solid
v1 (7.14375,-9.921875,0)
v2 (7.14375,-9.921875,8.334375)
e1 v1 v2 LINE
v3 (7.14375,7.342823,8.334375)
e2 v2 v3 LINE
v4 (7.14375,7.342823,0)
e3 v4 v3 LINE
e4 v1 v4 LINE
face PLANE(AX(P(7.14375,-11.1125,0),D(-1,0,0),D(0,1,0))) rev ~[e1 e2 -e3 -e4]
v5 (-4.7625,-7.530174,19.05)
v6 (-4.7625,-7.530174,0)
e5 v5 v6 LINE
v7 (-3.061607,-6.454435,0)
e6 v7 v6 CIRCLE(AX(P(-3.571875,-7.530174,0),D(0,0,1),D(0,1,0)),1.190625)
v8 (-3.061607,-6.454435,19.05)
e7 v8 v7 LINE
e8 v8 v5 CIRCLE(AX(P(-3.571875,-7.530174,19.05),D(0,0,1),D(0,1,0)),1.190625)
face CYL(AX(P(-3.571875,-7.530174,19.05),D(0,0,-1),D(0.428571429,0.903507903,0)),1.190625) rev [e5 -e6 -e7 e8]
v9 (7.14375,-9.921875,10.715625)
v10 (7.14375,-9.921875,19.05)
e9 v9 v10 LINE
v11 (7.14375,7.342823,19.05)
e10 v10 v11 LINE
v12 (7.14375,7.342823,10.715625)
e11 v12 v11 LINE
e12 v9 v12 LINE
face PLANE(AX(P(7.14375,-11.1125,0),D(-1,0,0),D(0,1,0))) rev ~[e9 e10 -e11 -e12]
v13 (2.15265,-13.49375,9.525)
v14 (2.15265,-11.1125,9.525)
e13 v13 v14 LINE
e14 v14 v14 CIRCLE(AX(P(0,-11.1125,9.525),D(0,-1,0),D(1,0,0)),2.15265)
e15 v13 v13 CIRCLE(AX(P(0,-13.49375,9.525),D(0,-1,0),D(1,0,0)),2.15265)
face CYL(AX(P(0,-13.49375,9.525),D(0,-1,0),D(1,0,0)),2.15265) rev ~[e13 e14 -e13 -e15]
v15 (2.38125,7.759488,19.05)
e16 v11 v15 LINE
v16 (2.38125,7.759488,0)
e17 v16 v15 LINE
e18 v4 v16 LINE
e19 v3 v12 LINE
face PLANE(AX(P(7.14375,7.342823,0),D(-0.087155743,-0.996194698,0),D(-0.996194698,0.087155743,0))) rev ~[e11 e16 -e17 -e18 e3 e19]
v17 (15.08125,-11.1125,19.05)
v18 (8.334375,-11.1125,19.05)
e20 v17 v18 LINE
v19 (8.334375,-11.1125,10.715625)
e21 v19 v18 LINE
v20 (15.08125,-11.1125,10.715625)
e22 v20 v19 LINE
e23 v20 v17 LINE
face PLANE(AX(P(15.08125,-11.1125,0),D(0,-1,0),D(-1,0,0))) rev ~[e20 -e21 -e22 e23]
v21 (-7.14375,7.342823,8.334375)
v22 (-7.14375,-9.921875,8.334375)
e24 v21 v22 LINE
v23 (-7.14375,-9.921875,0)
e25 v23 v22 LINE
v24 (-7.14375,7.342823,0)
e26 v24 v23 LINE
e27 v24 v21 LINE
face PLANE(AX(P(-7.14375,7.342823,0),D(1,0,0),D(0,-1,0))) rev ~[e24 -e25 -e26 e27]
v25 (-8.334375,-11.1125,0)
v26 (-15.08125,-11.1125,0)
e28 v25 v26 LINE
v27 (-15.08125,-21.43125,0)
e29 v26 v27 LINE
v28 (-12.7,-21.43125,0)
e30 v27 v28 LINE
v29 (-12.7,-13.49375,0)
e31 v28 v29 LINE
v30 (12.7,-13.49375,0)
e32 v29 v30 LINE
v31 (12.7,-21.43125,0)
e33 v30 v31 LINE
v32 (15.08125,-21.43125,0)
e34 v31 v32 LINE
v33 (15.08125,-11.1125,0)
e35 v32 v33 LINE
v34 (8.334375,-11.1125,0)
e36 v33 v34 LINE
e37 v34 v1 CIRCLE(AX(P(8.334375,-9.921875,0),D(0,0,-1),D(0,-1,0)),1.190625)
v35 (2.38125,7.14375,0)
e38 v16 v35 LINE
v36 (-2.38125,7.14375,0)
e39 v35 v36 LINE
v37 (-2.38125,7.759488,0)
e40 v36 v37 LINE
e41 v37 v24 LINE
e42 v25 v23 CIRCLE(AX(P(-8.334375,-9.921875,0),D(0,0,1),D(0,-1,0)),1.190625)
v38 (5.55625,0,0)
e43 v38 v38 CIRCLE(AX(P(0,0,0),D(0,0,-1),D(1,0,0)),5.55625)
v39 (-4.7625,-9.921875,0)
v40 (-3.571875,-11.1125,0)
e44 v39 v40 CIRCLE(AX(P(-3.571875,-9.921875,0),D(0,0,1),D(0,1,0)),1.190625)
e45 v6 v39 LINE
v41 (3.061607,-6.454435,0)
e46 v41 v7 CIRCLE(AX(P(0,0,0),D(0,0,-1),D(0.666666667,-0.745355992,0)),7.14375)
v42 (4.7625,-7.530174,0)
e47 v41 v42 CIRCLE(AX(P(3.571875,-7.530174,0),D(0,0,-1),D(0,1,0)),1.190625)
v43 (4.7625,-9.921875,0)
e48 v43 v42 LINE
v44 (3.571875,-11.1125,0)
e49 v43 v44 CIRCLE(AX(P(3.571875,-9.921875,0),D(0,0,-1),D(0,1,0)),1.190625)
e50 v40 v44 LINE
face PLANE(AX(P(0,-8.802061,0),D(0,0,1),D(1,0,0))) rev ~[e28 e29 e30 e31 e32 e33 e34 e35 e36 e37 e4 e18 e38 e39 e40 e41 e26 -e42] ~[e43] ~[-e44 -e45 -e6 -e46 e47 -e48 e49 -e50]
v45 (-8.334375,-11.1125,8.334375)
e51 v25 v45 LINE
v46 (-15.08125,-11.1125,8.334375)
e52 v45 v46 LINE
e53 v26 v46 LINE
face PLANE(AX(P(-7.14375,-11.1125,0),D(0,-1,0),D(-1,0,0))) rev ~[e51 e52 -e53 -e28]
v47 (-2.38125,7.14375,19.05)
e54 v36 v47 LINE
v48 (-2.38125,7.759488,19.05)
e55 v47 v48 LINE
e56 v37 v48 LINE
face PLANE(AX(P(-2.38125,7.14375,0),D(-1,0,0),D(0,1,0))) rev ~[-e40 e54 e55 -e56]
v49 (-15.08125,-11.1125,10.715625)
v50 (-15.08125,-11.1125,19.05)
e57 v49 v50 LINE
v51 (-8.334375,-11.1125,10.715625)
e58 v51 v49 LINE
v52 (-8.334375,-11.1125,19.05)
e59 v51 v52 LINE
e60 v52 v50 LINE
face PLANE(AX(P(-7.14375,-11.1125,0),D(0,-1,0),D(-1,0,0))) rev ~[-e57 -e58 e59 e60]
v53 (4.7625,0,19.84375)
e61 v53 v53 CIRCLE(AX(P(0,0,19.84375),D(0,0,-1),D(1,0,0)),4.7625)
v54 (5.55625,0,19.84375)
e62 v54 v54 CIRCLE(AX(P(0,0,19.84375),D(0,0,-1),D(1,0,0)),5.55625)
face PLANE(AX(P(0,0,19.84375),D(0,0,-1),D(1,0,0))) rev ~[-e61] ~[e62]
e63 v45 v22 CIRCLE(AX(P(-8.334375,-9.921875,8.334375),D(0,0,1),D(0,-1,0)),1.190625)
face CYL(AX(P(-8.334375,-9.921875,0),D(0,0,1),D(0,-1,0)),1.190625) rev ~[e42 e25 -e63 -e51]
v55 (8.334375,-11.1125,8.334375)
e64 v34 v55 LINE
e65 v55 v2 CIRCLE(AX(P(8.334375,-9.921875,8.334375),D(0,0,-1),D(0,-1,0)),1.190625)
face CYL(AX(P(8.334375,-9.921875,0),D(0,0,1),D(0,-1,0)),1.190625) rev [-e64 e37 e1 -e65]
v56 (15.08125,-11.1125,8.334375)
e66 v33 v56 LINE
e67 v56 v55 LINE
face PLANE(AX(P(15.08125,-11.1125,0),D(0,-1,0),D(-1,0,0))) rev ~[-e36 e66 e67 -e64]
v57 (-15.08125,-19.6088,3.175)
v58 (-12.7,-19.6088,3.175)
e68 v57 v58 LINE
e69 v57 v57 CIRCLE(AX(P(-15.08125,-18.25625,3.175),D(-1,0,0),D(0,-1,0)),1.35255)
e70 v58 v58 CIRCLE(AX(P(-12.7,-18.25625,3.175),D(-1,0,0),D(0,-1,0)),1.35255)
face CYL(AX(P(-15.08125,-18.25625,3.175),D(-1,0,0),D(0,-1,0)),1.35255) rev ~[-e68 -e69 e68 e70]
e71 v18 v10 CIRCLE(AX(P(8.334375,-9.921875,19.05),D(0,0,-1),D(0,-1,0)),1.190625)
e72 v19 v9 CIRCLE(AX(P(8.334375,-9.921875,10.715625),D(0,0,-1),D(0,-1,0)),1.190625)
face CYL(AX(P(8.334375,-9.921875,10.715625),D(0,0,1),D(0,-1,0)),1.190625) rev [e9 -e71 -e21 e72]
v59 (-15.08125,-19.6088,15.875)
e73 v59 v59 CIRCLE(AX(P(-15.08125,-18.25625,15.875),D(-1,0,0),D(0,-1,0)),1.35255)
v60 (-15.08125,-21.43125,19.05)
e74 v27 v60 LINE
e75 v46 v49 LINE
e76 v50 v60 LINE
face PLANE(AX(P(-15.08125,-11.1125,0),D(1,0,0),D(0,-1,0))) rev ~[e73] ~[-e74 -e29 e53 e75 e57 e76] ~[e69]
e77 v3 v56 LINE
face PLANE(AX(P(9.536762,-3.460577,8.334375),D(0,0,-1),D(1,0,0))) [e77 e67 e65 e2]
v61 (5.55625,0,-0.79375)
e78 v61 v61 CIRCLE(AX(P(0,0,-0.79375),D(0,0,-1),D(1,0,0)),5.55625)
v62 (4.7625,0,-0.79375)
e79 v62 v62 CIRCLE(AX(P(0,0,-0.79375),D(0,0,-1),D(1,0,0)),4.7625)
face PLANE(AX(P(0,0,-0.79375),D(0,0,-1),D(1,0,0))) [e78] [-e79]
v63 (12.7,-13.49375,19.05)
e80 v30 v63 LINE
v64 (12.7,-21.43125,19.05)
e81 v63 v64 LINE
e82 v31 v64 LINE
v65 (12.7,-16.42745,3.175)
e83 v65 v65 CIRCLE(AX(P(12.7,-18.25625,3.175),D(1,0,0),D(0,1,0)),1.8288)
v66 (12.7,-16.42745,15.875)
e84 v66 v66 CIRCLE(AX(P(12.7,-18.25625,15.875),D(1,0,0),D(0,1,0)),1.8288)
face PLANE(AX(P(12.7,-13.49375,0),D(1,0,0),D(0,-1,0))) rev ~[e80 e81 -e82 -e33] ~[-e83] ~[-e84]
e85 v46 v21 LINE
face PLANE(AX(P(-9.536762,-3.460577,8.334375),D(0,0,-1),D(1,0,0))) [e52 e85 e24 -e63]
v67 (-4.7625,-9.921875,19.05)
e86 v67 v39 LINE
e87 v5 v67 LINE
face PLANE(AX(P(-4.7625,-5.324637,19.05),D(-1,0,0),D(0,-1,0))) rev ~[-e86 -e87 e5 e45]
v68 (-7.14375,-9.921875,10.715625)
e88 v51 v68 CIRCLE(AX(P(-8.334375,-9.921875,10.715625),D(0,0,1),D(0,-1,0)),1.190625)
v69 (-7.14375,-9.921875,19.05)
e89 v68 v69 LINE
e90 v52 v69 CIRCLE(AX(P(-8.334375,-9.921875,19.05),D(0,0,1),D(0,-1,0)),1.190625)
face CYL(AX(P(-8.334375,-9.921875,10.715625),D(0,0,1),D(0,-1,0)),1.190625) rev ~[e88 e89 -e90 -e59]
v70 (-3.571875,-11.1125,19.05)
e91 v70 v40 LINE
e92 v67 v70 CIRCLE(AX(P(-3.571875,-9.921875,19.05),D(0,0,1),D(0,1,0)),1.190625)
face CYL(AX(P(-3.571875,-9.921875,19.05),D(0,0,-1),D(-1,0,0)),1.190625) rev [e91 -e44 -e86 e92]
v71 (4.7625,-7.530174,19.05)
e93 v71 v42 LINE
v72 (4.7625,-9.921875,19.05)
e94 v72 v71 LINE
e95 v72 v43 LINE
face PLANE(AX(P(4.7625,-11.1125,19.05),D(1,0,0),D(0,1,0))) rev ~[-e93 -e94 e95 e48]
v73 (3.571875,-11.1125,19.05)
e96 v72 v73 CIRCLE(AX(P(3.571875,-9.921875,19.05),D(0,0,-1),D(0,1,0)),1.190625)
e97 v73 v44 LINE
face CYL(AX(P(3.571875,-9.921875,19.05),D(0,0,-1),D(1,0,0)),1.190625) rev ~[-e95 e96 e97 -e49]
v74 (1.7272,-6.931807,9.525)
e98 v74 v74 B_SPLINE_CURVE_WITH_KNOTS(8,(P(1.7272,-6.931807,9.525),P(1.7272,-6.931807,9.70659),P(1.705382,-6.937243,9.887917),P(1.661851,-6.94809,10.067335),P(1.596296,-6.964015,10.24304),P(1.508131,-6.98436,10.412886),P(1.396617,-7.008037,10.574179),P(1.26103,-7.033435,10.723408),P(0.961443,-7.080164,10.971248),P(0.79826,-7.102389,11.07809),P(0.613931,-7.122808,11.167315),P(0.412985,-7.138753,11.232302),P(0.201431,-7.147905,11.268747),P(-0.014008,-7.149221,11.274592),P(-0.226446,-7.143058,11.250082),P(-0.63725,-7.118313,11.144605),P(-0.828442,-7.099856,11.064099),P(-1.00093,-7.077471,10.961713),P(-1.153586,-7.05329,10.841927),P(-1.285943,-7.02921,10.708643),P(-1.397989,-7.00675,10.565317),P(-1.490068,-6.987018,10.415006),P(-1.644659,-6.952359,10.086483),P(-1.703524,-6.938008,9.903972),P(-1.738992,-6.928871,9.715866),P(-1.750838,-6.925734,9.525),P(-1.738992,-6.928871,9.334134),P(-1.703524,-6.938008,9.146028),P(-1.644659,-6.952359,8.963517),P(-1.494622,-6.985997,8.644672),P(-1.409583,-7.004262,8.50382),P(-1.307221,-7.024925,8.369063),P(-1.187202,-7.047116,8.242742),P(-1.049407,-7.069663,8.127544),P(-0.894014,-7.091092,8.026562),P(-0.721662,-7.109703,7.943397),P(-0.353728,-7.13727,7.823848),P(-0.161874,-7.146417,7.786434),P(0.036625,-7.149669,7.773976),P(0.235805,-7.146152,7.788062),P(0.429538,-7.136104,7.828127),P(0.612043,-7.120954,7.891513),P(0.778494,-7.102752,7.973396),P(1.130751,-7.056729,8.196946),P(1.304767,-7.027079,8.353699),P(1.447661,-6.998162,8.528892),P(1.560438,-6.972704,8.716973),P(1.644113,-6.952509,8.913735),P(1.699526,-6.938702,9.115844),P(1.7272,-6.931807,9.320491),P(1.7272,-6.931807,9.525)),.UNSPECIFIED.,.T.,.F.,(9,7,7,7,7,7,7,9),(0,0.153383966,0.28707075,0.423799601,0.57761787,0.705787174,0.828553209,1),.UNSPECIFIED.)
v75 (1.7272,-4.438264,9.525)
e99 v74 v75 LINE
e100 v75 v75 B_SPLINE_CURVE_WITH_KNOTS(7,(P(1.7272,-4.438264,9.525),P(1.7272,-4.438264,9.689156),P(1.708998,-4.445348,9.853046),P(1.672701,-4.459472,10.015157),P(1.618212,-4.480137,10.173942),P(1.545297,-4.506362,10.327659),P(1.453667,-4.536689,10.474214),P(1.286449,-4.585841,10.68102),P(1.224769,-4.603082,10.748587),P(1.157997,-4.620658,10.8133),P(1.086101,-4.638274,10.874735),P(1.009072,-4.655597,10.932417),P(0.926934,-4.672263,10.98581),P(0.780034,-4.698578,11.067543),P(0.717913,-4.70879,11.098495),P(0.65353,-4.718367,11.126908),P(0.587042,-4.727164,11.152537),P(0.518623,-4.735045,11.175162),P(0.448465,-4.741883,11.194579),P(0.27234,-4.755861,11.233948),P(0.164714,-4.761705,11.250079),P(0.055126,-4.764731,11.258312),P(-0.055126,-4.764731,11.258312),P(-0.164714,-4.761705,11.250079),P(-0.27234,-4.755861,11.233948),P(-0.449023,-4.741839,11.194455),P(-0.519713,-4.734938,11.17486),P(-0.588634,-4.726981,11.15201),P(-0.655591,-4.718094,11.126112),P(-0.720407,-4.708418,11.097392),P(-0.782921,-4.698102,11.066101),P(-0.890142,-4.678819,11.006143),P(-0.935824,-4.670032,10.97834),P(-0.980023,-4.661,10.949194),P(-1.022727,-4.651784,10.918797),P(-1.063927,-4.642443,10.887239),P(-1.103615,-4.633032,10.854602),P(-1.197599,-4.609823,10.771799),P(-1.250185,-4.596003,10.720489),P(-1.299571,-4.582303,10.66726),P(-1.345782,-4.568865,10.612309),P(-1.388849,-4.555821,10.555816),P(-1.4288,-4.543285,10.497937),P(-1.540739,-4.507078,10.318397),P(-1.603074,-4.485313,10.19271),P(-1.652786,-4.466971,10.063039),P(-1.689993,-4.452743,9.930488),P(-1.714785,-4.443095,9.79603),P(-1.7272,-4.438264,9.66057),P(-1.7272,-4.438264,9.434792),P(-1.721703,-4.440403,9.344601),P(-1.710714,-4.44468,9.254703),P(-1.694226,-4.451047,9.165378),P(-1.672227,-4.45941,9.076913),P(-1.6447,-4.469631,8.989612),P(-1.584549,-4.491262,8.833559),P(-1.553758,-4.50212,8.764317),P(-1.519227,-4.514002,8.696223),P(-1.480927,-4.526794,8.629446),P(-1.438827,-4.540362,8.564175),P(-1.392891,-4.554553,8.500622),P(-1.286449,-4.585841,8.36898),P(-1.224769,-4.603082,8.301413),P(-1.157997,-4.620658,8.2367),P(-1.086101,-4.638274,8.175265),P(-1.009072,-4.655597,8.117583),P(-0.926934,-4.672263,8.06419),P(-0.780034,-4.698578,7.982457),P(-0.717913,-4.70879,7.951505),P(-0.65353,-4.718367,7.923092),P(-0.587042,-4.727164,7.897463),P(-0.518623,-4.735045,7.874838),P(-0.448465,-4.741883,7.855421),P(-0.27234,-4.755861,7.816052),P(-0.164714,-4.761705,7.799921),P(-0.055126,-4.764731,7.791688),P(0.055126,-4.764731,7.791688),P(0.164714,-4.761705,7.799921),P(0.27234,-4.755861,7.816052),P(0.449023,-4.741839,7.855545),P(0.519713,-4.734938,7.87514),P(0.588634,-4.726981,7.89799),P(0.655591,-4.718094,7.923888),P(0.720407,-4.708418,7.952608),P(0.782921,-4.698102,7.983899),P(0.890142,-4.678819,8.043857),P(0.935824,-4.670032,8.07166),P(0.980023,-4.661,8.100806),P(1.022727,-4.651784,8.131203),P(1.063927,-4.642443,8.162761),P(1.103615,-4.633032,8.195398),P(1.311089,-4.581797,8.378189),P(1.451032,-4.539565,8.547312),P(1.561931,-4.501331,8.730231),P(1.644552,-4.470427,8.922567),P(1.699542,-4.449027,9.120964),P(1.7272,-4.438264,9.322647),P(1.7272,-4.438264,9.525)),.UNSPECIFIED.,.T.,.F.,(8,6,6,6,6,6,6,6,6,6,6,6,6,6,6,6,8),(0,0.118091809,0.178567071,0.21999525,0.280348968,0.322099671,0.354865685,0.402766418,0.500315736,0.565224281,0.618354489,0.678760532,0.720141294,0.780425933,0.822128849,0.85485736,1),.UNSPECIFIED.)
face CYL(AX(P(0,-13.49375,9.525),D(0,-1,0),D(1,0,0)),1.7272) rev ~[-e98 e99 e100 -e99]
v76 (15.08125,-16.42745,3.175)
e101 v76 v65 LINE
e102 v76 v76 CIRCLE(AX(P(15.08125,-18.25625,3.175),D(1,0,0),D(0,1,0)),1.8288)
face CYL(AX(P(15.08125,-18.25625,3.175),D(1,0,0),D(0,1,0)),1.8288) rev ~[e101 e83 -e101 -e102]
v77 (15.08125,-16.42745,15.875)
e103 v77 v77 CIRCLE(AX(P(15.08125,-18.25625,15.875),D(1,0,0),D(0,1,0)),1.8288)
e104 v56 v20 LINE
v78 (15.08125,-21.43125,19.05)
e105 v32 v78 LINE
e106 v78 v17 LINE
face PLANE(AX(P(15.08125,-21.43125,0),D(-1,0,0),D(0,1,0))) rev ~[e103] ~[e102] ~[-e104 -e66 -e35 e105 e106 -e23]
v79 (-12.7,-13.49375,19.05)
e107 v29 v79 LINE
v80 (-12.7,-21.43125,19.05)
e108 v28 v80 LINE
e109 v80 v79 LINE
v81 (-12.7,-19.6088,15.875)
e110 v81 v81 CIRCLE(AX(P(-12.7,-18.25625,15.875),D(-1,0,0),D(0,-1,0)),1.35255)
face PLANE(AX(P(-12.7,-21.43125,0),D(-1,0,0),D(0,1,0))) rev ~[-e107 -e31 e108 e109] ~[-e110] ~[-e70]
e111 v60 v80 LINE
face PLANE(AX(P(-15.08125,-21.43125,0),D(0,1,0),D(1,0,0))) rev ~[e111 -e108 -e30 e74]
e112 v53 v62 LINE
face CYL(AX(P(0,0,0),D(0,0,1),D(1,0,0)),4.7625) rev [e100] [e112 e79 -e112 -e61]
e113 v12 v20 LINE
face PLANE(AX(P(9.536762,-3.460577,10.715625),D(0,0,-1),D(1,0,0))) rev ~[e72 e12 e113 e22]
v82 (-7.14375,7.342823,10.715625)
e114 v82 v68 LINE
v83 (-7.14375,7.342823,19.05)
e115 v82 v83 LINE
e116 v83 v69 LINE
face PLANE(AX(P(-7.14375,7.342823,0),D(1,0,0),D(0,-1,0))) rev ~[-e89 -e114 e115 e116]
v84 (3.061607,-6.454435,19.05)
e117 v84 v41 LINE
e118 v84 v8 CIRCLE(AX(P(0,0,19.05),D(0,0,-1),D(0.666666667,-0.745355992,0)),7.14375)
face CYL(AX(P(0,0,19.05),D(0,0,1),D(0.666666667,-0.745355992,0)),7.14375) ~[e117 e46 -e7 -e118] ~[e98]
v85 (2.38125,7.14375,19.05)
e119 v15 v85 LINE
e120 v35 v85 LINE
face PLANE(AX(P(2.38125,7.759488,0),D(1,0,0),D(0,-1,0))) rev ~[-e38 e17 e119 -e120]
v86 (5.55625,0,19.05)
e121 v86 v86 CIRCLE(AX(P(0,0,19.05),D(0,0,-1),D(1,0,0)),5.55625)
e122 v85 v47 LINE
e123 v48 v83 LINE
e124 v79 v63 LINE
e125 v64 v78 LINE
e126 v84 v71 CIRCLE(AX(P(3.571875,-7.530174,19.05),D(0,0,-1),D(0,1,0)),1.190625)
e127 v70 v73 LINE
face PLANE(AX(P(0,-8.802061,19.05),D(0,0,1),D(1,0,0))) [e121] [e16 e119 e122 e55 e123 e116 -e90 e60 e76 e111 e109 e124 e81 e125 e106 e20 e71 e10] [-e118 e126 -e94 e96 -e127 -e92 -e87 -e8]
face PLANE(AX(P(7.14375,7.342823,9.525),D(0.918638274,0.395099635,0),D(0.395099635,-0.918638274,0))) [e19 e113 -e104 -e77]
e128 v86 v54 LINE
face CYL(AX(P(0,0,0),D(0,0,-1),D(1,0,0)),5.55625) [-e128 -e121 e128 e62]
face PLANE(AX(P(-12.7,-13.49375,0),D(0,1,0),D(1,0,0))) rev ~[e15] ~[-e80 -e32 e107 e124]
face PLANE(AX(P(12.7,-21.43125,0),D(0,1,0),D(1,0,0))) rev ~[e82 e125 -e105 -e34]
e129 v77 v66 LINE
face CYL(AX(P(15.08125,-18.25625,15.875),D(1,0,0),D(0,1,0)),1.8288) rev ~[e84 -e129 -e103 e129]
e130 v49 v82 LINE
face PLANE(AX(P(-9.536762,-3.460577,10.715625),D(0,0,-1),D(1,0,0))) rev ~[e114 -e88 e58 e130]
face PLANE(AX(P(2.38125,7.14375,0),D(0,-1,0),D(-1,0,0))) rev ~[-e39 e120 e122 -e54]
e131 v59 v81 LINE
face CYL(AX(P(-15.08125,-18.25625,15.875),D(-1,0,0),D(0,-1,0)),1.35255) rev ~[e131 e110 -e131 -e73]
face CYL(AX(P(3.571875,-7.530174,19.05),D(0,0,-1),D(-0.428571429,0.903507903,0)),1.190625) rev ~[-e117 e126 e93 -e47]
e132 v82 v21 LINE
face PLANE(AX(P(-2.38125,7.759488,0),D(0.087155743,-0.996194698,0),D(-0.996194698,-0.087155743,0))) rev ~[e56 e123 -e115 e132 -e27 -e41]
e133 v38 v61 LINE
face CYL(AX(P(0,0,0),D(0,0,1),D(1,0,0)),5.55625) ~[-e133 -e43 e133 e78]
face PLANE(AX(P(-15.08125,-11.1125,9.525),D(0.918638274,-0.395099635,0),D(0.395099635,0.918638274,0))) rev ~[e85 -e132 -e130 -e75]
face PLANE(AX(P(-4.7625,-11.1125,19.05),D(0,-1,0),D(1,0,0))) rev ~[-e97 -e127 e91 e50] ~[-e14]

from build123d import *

# Parameters (mm, degrees)
F0_R           = 4.7625
F1_DEPTH       = 19.05
F2_R           = 1.8288
F3_DEPTH       = 2.38125
F4_R           = 1.35255
F5_DEPTH       = 2.38125
F8_DEPTH       = 1.190625
F9_R           = 5.55625
F9_R_2         = 4.7625
F11_DEPTH      = 0.79375
F11_DEPTH_BACK = 19.84375
F12_R          = 1.7272
F13_DEPTH      = 10.0554862042
F15_DEPTH      = 19.05
F16_R          = 2.15265
F17_DEPTH      = 2.38125
F18_R          = 1.190625


with BuildPart() as f1:
    # F0 (on Top) → F1 (new body)
    with BuildSketch(Plane.XY):
        Polygon((-12.7, -13.49375), (12.7, -13.49375), (12.7, -21.43125), (15.08125, -21.43125), (15.08125, -11.1125), (7.14375, -11.1125), (7.14375, 7.3428228204), (2.38125, 7.7594875805), (2.38125, 7.14375), (-2.38125, 7.14375), (-2.38125, 7.7594875805), (-7.14375, 7.3428228204), (-7.14375, -11.1125), (-15.08125, -11.1125), (-15.08125, -21.43125), (-12.7, -21.43125), align=None)
        Circle(F0_R, mode=Mode.SUBTRACT)
    extrude(amount=F1_DEPTH)

    # F2 (on face) → F3 (cut, through all)
    with BuildSketch(Plane.YZ.offset(15.08125)):
        with Locations((-18.25625, 15.875)):
            Circle(F2_R)
        with Locations((-18.25625, 3.175)):
            Circle(F2_R)
    extrude(amount=-F3_DEPTH, mode=Mode.SUBTRACT)

    # F4 (on face) → F5 (cut, through all)
    with BuildSketch(Plane(origin=(-15.08125, 0, 0), x_dir=(0, -1, 0), z_dir=(-1, 0, 0))):
        with Locations((18.25625, 3.175)):
            Circle(F4_R)
        with Locations((18.25625, 15.875)):
            Circle(F4_R)
    extrude(amount=-F5_DEPTH, mode=Mode.SUBTRACT)

    # F7 (on offset) → F8 (join, symmetric)
    with BuildSketch(Plane(origin=(0, 0, 9.525), x_dir=(1, 0, 0), z_dir=(0, 0, -1))):
        Polygon((-15.08125, 11.1125), (-7.14375, -7.3428228204), (-7.14375, 11.1125), align=None)
        Polygon((15.08125, 11.1125), (7.14375, 11.1125), (7.14375, -7.3428228204), align=None)
    extrude(amount=F8_DEPTH, both=True)

    # F9 (on face) → F11 (join, two sides)
    with BuildSketch(Plane(origin=(0, 0, 0), x_dir=(1, 0, 0), z_dir=(0, 0, -1))) as f11_sk:
        Circle(F9_R)
        Circle(F9_R_2, mode=Mode.SUBTRACT)
    extrude(amount=F11_DEPTH)
    extrude(f11_sk.sketch, amount=-F11_DEPTH_BACK)

    # F12 (on face) → F13 (cut, up to face)
    with BuildSketch(Plane.XZ.offset(13.49375)):
        with Locations((0, 9.525)):
            Circle(F12_R)
    extrude(amount=-F13_DEPTH, mode=Mode.SUBTRACT)

    # F14 (on face) → F15 (cut, through all)
    with BuildSketch(Plane.XY.offset(19.05)):
        with BuildLine():
            Line((-4.7625, -5.3246368714), (-4.7625, -11.1125))
            Line((-4.7625, -11.1125), (4.7625, -11.1125))
            Line((4.7625, -11.1125), (4.7625, -5.3246368714))
            ThreePointArc((4.7625, -5.3246368714), (0, -7.14375), (-4.7625, -5.3246368714))
        make_face()
    extrude(amount=-F15_DEPTH, mode=Mode.SUBTRACT)

    # F16 (on face) → F17 (cut, through all)
    with BuildSketch(Plane.XZ.offset(13.49375)):
        with Locations((0, 9.525)):
            Circle(F16_R)
    extrude(amount=-F17_DEPTH, mode=Mode.SUBTRACT)

    # F18
    f18_edges = [f1.edges().sort_by_distance(p)[0] for p in [
        (7.14375, -11.1125, 4.167187),
        (7.14375, -11.1125, 14.882812),
        (-7.14375, -11.1125, 4.167187),
        (-7.14375, -11.1125, 14.882812),
        (-4.7625, -11.1125, 9.525),
        (4.7625, -11.1125, 9.525),
        (4.7625, -5.324637, 9.525),
        (-4.7625, -5.324637, 9.525),
    ]]
    fillet(f18_edges, radius=F18_R)


solid = f1.part
